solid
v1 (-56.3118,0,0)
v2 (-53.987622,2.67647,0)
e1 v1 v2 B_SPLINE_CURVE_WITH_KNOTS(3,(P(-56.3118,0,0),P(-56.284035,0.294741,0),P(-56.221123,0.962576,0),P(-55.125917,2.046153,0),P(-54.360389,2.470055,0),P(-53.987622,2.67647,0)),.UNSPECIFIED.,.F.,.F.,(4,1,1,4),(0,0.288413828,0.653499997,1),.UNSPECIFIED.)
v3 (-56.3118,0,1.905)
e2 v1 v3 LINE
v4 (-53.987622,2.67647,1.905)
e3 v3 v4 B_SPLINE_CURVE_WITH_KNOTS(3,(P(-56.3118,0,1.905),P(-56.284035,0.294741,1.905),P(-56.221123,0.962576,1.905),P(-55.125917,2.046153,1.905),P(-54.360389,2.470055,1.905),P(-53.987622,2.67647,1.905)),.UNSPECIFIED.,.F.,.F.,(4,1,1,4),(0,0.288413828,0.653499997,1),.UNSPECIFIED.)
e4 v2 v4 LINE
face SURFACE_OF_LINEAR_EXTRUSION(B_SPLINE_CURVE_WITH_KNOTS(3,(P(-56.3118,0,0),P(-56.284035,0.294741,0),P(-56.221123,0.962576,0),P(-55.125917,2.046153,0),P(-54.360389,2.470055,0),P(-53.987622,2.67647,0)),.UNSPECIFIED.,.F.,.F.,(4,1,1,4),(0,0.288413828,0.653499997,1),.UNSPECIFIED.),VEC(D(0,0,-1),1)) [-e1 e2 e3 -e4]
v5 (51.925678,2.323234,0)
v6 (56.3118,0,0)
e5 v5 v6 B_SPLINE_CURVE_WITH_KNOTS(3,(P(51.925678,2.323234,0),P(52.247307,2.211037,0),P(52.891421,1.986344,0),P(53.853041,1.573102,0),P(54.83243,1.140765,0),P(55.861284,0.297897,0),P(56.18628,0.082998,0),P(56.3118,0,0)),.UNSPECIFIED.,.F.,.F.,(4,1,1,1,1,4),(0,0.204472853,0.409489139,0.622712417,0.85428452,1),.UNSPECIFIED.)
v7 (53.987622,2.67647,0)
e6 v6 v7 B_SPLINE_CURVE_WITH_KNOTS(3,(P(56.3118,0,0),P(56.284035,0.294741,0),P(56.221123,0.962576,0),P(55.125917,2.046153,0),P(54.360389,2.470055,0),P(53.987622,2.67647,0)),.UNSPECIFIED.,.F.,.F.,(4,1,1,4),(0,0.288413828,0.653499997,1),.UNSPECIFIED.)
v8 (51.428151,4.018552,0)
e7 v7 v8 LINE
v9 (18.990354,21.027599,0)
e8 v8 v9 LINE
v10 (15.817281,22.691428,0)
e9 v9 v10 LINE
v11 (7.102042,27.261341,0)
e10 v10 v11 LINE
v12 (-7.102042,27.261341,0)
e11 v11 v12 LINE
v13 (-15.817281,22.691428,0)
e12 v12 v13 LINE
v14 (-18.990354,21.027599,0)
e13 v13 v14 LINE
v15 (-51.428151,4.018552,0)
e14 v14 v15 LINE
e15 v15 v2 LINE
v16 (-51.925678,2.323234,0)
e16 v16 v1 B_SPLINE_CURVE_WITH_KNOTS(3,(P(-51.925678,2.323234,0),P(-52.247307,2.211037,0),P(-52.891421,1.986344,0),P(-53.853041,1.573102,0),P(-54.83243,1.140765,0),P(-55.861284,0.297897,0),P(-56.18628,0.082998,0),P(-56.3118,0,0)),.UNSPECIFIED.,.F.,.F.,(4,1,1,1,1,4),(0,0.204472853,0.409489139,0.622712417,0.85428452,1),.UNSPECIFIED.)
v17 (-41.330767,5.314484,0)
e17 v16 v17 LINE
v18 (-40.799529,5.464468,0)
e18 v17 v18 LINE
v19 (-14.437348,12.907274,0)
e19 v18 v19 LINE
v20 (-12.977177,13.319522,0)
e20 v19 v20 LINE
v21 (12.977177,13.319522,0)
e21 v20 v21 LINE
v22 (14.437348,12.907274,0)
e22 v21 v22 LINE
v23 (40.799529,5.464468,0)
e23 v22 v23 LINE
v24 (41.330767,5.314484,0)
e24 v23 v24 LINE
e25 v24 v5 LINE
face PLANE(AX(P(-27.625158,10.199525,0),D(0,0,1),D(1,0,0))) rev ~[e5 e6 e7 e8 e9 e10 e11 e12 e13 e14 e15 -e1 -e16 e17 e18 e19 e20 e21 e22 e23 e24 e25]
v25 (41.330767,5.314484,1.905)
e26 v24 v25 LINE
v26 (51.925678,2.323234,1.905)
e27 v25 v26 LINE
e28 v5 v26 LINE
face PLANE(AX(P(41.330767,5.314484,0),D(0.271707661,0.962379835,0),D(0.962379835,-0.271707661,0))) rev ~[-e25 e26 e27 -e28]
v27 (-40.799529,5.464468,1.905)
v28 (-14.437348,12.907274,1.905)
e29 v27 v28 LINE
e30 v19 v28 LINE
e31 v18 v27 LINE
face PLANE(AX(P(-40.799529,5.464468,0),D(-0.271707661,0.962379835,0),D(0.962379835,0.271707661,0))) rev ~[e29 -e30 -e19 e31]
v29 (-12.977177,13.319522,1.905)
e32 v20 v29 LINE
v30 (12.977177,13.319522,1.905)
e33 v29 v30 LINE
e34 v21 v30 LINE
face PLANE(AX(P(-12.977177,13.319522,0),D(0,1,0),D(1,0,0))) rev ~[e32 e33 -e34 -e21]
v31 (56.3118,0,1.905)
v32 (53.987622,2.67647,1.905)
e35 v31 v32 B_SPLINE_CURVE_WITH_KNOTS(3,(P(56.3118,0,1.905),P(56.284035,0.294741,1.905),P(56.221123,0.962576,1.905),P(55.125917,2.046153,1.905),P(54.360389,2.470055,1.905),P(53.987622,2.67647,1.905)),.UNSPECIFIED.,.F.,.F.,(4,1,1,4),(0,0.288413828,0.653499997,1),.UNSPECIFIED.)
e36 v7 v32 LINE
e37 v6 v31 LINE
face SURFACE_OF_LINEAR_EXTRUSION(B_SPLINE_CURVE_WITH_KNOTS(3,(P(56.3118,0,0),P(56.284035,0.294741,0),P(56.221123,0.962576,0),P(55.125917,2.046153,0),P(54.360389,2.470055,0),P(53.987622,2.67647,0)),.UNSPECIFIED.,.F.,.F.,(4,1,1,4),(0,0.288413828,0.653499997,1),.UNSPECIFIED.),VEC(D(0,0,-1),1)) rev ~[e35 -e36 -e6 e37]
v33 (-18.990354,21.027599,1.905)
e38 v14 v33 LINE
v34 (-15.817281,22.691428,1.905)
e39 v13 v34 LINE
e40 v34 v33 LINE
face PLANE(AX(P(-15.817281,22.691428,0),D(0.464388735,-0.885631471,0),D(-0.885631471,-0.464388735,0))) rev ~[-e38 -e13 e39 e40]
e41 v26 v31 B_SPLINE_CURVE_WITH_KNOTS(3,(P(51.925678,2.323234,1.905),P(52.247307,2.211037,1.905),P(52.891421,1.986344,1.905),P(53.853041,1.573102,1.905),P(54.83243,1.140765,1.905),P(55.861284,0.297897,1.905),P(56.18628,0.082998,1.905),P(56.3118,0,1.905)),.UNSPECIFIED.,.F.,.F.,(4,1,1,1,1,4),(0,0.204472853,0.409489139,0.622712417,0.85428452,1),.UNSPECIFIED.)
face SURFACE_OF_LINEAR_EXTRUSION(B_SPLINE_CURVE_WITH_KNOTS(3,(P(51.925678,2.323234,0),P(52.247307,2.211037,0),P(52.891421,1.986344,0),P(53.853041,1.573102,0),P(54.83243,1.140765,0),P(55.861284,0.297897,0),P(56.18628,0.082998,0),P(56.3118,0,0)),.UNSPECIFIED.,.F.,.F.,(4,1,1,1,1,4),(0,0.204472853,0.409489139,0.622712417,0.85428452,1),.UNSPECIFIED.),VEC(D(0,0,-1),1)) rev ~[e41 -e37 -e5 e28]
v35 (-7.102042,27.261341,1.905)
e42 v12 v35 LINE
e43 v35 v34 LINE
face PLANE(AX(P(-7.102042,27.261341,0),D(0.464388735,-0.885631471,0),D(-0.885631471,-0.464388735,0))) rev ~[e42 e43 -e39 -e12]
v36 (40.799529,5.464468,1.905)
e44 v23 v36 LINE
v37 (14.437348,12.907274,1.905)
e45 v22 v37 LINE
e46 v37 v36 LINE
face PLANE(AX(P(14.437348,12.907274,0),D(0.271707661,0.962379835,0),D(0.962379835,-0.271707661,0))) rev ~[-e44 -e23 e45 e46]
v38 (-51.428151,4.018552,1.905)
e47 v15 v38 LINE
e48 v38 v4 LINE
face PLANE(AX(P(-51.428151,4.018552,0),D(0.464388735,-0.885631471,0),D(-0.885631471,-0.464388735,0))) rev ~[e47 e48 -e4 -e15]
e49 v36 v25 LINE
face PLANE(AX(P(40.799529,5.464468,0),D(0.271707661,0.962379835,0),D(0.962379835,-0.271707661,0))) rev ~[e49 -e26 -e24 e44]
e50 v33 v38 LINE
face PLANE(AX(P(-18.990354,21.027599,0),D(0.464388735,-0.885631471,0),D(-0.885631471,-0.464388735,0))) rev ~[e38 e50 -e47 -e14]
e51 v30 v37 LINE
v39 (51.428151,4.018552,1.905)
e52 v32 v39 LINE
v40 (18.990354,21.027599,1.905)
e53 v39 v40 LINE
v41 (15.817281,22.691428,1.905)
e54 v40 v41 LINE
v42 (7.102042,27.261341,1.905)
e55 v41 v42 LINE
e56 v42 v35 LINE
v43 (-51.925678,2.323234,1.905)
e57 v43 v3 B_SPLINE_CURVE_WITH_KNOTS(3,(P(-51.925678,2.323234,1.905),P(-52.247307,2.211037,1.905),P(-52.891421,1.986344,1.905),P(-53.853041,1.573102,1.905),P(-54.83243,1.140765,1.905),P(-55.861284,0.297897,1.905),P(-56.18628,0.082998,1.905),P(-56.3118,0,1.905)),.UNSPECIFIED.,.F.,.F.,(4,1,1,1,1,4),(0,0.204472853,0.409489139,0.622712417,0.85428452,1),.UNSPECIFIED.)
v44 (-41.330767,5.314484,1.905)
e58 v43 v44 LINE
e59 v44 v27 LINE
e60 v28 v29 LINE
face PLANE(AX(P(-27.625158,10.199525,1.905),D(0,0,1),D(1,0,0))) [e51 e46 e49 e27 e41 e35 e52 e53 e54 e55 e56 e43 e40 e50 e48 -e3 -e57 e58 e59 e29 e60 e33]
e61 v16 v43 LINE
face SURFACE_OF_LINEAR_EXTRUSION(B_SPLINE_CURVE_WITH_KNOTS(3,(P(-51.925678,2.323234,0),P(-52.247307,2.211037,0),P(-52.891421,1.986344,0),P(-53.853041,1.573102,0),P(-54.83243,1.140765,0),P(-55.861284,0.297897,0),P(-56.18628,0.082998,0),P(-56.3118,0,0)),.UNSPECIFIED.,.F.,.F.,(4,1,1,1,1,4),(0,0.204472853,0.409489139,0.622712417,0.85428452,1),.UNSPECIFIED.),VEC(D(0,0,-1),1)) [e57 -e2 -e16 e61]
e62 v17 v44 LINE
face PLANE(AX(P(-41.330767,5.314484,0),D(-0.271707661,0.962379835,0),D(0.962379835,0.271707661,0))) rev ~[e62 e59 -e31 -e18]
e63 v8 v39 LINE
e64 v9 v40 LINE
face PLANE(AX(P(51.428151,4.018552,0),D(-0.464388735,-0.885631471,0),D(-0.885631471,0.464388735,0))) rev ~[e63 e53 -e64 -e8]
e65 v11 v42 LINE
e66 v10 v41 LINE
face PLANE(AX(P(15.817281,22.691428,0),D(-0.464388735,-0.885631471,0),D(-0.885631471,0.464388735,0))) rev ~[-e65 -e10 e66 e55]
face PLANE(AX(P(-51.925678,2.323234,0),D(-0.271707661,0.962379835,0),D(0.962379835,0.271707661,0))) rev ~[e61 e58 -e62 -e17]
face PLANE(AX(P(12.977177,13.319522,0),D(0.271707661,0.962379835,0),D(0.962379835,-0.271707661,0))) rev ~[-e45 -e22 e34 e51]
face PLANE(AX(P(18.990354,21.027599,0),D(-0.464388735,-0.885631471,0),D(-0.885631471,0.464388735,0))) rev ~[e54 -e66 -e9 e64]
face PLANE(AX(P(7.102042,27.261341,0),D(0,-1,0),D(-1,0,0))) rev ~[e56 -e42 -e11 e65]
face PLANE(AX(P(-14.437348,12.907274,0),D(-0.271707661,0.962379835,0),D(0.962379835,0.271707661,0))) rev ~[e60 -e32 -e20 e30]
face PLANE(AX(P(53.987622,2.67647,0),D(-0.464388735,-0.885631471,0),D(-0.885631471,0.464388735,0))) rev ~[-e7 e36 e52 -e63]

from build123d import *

# Parameters (mm, degrees)
F0_W     = 0.3077685833
F0_H     = 3.0174497515
F0_W_2   = 0.3736615181
F0_H_2   = 3.0005369335
F1_DEPTH = 1.905


with BuildPart() as f1:
    # F0 (on Top) → F1 (new body)
    with BuildSketch(Plane.XY):
        Polygon((-40.7995291973, 5.464467527), (-14.4373480539, 12.9072737016), (-15.2560308821, 15.3607679065), (-41.153776167, 6.7191989505), align=None)
        Polygon((15.2560308821, 15.3607679065), (14.4373480539, 12.9072737016), (40.7995291973, 5.464467527), (41.153776167, 6.7191989505), align=None)
        Polygon((15.817280524, 22.6914284287), (7.1020424366, 27.2613409907), (5.8656073577, 26.2044058573), (14.5569145679, 21.6470416635), align=None)
        Polygon((0, 16.1000750959), (0, 13.3195221424), (12.9771772772, 13.3195221424), (13.0404159427, 16.1000750959), align=None)
        Polygon((41.7347997427, 6.5253227949), (41.3307665692, 5.3144838527), (45.5636017813, 4.1194320517), (46.1687434975, 5.273492236), align=None)
        with BuildLine():
            Line((-1.4681518078, 16.6104473174), (0, 16.6104473174))
            Line((0, 16.6104473174), (0, 27.2613409907))
            Line((0, 27.2613409907), (-7.1020424366, 27.2613409907))
            Line((-7.1020424366, 27.2613409907), (-5.8656073577, 26.2044058573))
            Line((-5.8656073577, 26.2044058573), (-14.5569145679, 21.6470416635))
            Line((-14.5569145679, 21.6470416635), (-15.817280524, 22.6914284287))
            Line((-15.817280524, 22.6914284287), (-18.9903536438, 21.0275993325))
            Line((-18.9903536438, 21.0275993325), (-18.3680206537, 20.5280538648))
            Line((-18.3680206537, 20.5280538648), (-50.848664998, 3.4965392785))
            Line((-50.848664998, 3.4965392785), (-51.4281513074, 4.018551784))
            Line((-51.4281513074, 4.018551784), (-53.987622261, 2.676470438))
            add(Edge.make_bspline(
                [(-56.3118, 0), (-56.2840348354, 0.2947406505), (-56.2211233755, 0.9625762239), (-55.1259171033, 2.0461528441), (-54.3603888426, 2.470055258), (-53.987622261, 2.676470438)],
                knots=[0, 0, 0, 0, 0.2884138278, 0.6534999966, 1, 1, 1, 1], degree=3))
            add(Edge.make_bspline(
                [(-51.9256778061, 2.3232339881), (-52.2473072862, 2.2110366066), (-52.8914210489, 1.9863436539), (-53.853041271, 1.5731023553), (-54.8324301396, 1.1407653729), (-55.861283793, 0.2978967714), (-56.1862803044, 0.0829979288), (-56.3118, 0)],
                knots=[0, 0, 0, 0, 0.2044728535, 0.4094891393, 0.6227124171, 0.8542845203, 1, 1, 1, 1], degree=3))
            Line((-51.9256778061, 2.3232339881), (-45.5636017813, 4.1194320517))
            Line((-45.5636017813, 4.1194320517), (-46.1687434975, 5.273492236))
            Line((-46.1687434975, 5.273492236), (-41.7347997427, 6.5253227949))
            Line((-41.7347997427, 6.5253227949), (-41.153776167, 6.7191989505))
            Line((-41.153776167, 6.7191989505), (-41.3146836968, 7.2139791623))
            Line((-41.3146836968, 7.2139791623), (-13.1545960903, 16.6104473174))
            Line((-13.1545960903, 16.6104473174), (-3.2653510571, 16.6104473174))
            Line((-3.2653510571, 16.6104473174), (-3.2653510571, 19.6109842509))
            Line((-3.2653510571, 19.6109842509), (-2.891689539, 19.6109842509))
            Line((-2.891689539, 19.6109842509), (-2.891689539, 16.6104473174))
            Line((-2.891689539, 16.6104473174), (-1.7759203911, 16.6104473174))
            Line((-1.7759203911, 16.6104473174), (-1.7759203911, 19.6278970689))
            Line((-1.7759203911, 19.6278970689), (-1.4681518078, 19.6278970689))
            Line((-1.4681518078, 19.6278970689), (-1.4681518078, 16.6104473174))
        make_face()
        Polygon((-45.5636017813, 4.1194320517), (-41.3307665692, 5.3144838527), (-41.7347997427, 6.5253227949), (-46.1687434975, 5.273492236), align=None)
        with BuildLine():
            Line((0, 27.2613409907), (0, 16.6104473174))
            Line((0, 16.6104473174), (1.4681518078, 16.6104473174))
            Line((1.4681518078, 16.6104473174), (1.4681518078, 19.6278970689))
            Line((1.4681518078, 19.6278970689), (1.7759203911, 19.6278970689))
            Line((1.7759203911, 19.6278970689), (1.7759203911, 16.6104473174))
            Line((1.7759203911, 16.6104473174), (2.891689539, 16.6104473174))
            Line((2.891689539, 16.6104473174), (2.891689539, 19.6109842509))
            Line((2.891689539, 19.6109842509), (3.2653510571, 19.6109842509))
            Line((3.2653510571, 19.6109842509), (3.2653510571, 16.6104473174))
            Line((3.2653510571, 16.6104473174), (13.1545960903, 16.6104473174))
            Line((13.1545960903, 16.6104473174), (41.3146836968, 7.2139791623))
            Line((41.3146836968, 7.2139791623), (41.153776167, 6.7191989505))
            Line((41.153776167, 6.7191989505), (41.7347997427, 6.5253227949))
            Line((41.7347997427, 6.5253227949), (46.1687434975, 5.273492236))
            Line((46.1687434975, 5.273492236), (45.5636017813, 4.1194320517))
            Line((45.5636017813, 4.1194320517), (51.9256778061, 2.3232339881))
            add(Edge.make_bspline(
                [(51.9256778061, 2.3232339881), (52.2473072862, 2.2110366066), (52.8914210489, 1.9863436539), (53.853041271, 1.5731023553), (54.8324301396, 1.1407653729), (55.861283793, 0.2978967714), (56.1862803044, 0.0829979288), (56.3118, 0)],
                knots=[0, 0, 0, 0, 0.2044728535, 0.4094891393, 0.6227124171, 0.8542845203, 1, 1, 1, 1], degree=3))
            add(Edge.make_bspline(
                [(56.3118, 0), (56.2840348354, 0.2947406505), (56.2211233755, 0.9625762239), (55.1259171033, 2.0461528441), (54.3603888426, 2.470055258), (53.987622261, 2.676470438)],
                knots=[0, 0, 0, 0, 0.2884138278, 0.6534999966, 1, 1, 1, 1], degree=3))
            Line((53.987622261, 2.676470438), (51.4281513074, 4.018551784))
            Line((51.4281513074, 4.018551784), (50.848664998, 3.4965392785))
            Line((50.848664998, 3.4965392785), (18.3680206537, 20.5280538648))
            Line((18.3680206537, 20.5280538648), (18.9903536438, 21.0275993325))
            Line((18.9903536438, 21.0275993325), (15.817280524, 22.6914284287))
            Line((15.817280524, 22.6914284287), (14.5569145679, 21.6470416635))
            Line((14.5569145679, 21.6470416635), (5.8656073577, 26.2044058573))
            Line((5.8656073577, 26.2044058573), (7.1020424366, 27.2613409907))
            Line((7.1020424366, 27.2613409907), (0, 27.2613409907))
        make_face()
        Polygon((-5.8656073577, 26.2044058573), (-7.1020424366, 27.2613409907), (-15.817280524, 22.6914284287), (-14.5569145679, 21.6470416635), align=None)
        Polygon((-12.9771772772, 13.3195221424), (0, 13.3195221424), (0, 16.1000750959), (-13.0404159427, 16.1000750959), align=None)
        Polygon((-18.3680206537, 20.5280538648), (-18.9903536438, 21.0275993325), (-51.4281513074, 4.018551784), (-50.848664998, 3.4965392785), align=None)
        Polygon((-13.0404159427, 16.1000750959), (0, 16.1000750959), (0, 16.6104473174), (-1.4681518078, 16.6104473174), (-1.7759203911, 16.6104473174), (-2.891689539, 16.6104473174), (-3.2653510571, 16.6104473174), (-13.1545960903, 16.6104473174), (-41.3146836968, 7.2139791623), (-41.153776167, 6.7191989505), (-15.2560308821, 15.3607679065), align=None)
        Polygon((51.4281513074, 4.018551784), (18.9903536438, 21.0275993325), (18.3680206537, 20.5280538648), (50.848664998, 3.4965392785), align=None)
        Polygon((0, 16.6104473174), (0, 16.1000750959), (13.0404159427, 16.1000750959), (15.2560308821, 15.3607679065), (41.153776167, 6.7191989505), (41.3146836968, 7.2139791623), (13.1545960903, 16.6104473174), (3.2653510571, 16.6104473174), (2.891689539, 16.6104473174), (1.7759203911, 16.6104473174), (1.4681518078, 16.6104473174), align=None)
        Polygon((-14.4373480539, 12.9072737016), (-12.9771772772, 13.3195221424), (-13.0404159427, 16.1000750959), (-15.2560308821, 15.3607679065), align=None)
        Polygon((13.0404159427, 16.1000750959), (12.9771772772, 13.3195221424), (14.4373480539, 12.9072737016), (15.2560308821, 15.3607679065), align=None)
        with Locations((-1.6220360994, 18.1191721931)):
            Rectangle(F0_W, F0_H)
        with Locations((1.6220360994, 18.1191721931)):
            Rectangle(F0_W, F0_H)
        with Locations((3.078520298, 18.1107157841)):
            Rectangle(F0_W_2, F0_H_2)
        with Locations((-3.078520298, 18.1107157841)):
            Rectangle(F0_W_2, F0_H_2)
        Polygon((41.153776167, 6.7191989505), (40.7995291973, 5.464467527), (41.3307665692, 5.3144838527), (41.7347997427, 6.5253227949), align=None)
        Polygon((-41.3307665692, 5.3144838527), (-40.7995291973, 5.464467527), (-41.153776167, 6.7191989505), (-41.7347997427, 6.5253227949), align=None)
    extrude(amount=F1_DEPTH)


solid = f1.part
